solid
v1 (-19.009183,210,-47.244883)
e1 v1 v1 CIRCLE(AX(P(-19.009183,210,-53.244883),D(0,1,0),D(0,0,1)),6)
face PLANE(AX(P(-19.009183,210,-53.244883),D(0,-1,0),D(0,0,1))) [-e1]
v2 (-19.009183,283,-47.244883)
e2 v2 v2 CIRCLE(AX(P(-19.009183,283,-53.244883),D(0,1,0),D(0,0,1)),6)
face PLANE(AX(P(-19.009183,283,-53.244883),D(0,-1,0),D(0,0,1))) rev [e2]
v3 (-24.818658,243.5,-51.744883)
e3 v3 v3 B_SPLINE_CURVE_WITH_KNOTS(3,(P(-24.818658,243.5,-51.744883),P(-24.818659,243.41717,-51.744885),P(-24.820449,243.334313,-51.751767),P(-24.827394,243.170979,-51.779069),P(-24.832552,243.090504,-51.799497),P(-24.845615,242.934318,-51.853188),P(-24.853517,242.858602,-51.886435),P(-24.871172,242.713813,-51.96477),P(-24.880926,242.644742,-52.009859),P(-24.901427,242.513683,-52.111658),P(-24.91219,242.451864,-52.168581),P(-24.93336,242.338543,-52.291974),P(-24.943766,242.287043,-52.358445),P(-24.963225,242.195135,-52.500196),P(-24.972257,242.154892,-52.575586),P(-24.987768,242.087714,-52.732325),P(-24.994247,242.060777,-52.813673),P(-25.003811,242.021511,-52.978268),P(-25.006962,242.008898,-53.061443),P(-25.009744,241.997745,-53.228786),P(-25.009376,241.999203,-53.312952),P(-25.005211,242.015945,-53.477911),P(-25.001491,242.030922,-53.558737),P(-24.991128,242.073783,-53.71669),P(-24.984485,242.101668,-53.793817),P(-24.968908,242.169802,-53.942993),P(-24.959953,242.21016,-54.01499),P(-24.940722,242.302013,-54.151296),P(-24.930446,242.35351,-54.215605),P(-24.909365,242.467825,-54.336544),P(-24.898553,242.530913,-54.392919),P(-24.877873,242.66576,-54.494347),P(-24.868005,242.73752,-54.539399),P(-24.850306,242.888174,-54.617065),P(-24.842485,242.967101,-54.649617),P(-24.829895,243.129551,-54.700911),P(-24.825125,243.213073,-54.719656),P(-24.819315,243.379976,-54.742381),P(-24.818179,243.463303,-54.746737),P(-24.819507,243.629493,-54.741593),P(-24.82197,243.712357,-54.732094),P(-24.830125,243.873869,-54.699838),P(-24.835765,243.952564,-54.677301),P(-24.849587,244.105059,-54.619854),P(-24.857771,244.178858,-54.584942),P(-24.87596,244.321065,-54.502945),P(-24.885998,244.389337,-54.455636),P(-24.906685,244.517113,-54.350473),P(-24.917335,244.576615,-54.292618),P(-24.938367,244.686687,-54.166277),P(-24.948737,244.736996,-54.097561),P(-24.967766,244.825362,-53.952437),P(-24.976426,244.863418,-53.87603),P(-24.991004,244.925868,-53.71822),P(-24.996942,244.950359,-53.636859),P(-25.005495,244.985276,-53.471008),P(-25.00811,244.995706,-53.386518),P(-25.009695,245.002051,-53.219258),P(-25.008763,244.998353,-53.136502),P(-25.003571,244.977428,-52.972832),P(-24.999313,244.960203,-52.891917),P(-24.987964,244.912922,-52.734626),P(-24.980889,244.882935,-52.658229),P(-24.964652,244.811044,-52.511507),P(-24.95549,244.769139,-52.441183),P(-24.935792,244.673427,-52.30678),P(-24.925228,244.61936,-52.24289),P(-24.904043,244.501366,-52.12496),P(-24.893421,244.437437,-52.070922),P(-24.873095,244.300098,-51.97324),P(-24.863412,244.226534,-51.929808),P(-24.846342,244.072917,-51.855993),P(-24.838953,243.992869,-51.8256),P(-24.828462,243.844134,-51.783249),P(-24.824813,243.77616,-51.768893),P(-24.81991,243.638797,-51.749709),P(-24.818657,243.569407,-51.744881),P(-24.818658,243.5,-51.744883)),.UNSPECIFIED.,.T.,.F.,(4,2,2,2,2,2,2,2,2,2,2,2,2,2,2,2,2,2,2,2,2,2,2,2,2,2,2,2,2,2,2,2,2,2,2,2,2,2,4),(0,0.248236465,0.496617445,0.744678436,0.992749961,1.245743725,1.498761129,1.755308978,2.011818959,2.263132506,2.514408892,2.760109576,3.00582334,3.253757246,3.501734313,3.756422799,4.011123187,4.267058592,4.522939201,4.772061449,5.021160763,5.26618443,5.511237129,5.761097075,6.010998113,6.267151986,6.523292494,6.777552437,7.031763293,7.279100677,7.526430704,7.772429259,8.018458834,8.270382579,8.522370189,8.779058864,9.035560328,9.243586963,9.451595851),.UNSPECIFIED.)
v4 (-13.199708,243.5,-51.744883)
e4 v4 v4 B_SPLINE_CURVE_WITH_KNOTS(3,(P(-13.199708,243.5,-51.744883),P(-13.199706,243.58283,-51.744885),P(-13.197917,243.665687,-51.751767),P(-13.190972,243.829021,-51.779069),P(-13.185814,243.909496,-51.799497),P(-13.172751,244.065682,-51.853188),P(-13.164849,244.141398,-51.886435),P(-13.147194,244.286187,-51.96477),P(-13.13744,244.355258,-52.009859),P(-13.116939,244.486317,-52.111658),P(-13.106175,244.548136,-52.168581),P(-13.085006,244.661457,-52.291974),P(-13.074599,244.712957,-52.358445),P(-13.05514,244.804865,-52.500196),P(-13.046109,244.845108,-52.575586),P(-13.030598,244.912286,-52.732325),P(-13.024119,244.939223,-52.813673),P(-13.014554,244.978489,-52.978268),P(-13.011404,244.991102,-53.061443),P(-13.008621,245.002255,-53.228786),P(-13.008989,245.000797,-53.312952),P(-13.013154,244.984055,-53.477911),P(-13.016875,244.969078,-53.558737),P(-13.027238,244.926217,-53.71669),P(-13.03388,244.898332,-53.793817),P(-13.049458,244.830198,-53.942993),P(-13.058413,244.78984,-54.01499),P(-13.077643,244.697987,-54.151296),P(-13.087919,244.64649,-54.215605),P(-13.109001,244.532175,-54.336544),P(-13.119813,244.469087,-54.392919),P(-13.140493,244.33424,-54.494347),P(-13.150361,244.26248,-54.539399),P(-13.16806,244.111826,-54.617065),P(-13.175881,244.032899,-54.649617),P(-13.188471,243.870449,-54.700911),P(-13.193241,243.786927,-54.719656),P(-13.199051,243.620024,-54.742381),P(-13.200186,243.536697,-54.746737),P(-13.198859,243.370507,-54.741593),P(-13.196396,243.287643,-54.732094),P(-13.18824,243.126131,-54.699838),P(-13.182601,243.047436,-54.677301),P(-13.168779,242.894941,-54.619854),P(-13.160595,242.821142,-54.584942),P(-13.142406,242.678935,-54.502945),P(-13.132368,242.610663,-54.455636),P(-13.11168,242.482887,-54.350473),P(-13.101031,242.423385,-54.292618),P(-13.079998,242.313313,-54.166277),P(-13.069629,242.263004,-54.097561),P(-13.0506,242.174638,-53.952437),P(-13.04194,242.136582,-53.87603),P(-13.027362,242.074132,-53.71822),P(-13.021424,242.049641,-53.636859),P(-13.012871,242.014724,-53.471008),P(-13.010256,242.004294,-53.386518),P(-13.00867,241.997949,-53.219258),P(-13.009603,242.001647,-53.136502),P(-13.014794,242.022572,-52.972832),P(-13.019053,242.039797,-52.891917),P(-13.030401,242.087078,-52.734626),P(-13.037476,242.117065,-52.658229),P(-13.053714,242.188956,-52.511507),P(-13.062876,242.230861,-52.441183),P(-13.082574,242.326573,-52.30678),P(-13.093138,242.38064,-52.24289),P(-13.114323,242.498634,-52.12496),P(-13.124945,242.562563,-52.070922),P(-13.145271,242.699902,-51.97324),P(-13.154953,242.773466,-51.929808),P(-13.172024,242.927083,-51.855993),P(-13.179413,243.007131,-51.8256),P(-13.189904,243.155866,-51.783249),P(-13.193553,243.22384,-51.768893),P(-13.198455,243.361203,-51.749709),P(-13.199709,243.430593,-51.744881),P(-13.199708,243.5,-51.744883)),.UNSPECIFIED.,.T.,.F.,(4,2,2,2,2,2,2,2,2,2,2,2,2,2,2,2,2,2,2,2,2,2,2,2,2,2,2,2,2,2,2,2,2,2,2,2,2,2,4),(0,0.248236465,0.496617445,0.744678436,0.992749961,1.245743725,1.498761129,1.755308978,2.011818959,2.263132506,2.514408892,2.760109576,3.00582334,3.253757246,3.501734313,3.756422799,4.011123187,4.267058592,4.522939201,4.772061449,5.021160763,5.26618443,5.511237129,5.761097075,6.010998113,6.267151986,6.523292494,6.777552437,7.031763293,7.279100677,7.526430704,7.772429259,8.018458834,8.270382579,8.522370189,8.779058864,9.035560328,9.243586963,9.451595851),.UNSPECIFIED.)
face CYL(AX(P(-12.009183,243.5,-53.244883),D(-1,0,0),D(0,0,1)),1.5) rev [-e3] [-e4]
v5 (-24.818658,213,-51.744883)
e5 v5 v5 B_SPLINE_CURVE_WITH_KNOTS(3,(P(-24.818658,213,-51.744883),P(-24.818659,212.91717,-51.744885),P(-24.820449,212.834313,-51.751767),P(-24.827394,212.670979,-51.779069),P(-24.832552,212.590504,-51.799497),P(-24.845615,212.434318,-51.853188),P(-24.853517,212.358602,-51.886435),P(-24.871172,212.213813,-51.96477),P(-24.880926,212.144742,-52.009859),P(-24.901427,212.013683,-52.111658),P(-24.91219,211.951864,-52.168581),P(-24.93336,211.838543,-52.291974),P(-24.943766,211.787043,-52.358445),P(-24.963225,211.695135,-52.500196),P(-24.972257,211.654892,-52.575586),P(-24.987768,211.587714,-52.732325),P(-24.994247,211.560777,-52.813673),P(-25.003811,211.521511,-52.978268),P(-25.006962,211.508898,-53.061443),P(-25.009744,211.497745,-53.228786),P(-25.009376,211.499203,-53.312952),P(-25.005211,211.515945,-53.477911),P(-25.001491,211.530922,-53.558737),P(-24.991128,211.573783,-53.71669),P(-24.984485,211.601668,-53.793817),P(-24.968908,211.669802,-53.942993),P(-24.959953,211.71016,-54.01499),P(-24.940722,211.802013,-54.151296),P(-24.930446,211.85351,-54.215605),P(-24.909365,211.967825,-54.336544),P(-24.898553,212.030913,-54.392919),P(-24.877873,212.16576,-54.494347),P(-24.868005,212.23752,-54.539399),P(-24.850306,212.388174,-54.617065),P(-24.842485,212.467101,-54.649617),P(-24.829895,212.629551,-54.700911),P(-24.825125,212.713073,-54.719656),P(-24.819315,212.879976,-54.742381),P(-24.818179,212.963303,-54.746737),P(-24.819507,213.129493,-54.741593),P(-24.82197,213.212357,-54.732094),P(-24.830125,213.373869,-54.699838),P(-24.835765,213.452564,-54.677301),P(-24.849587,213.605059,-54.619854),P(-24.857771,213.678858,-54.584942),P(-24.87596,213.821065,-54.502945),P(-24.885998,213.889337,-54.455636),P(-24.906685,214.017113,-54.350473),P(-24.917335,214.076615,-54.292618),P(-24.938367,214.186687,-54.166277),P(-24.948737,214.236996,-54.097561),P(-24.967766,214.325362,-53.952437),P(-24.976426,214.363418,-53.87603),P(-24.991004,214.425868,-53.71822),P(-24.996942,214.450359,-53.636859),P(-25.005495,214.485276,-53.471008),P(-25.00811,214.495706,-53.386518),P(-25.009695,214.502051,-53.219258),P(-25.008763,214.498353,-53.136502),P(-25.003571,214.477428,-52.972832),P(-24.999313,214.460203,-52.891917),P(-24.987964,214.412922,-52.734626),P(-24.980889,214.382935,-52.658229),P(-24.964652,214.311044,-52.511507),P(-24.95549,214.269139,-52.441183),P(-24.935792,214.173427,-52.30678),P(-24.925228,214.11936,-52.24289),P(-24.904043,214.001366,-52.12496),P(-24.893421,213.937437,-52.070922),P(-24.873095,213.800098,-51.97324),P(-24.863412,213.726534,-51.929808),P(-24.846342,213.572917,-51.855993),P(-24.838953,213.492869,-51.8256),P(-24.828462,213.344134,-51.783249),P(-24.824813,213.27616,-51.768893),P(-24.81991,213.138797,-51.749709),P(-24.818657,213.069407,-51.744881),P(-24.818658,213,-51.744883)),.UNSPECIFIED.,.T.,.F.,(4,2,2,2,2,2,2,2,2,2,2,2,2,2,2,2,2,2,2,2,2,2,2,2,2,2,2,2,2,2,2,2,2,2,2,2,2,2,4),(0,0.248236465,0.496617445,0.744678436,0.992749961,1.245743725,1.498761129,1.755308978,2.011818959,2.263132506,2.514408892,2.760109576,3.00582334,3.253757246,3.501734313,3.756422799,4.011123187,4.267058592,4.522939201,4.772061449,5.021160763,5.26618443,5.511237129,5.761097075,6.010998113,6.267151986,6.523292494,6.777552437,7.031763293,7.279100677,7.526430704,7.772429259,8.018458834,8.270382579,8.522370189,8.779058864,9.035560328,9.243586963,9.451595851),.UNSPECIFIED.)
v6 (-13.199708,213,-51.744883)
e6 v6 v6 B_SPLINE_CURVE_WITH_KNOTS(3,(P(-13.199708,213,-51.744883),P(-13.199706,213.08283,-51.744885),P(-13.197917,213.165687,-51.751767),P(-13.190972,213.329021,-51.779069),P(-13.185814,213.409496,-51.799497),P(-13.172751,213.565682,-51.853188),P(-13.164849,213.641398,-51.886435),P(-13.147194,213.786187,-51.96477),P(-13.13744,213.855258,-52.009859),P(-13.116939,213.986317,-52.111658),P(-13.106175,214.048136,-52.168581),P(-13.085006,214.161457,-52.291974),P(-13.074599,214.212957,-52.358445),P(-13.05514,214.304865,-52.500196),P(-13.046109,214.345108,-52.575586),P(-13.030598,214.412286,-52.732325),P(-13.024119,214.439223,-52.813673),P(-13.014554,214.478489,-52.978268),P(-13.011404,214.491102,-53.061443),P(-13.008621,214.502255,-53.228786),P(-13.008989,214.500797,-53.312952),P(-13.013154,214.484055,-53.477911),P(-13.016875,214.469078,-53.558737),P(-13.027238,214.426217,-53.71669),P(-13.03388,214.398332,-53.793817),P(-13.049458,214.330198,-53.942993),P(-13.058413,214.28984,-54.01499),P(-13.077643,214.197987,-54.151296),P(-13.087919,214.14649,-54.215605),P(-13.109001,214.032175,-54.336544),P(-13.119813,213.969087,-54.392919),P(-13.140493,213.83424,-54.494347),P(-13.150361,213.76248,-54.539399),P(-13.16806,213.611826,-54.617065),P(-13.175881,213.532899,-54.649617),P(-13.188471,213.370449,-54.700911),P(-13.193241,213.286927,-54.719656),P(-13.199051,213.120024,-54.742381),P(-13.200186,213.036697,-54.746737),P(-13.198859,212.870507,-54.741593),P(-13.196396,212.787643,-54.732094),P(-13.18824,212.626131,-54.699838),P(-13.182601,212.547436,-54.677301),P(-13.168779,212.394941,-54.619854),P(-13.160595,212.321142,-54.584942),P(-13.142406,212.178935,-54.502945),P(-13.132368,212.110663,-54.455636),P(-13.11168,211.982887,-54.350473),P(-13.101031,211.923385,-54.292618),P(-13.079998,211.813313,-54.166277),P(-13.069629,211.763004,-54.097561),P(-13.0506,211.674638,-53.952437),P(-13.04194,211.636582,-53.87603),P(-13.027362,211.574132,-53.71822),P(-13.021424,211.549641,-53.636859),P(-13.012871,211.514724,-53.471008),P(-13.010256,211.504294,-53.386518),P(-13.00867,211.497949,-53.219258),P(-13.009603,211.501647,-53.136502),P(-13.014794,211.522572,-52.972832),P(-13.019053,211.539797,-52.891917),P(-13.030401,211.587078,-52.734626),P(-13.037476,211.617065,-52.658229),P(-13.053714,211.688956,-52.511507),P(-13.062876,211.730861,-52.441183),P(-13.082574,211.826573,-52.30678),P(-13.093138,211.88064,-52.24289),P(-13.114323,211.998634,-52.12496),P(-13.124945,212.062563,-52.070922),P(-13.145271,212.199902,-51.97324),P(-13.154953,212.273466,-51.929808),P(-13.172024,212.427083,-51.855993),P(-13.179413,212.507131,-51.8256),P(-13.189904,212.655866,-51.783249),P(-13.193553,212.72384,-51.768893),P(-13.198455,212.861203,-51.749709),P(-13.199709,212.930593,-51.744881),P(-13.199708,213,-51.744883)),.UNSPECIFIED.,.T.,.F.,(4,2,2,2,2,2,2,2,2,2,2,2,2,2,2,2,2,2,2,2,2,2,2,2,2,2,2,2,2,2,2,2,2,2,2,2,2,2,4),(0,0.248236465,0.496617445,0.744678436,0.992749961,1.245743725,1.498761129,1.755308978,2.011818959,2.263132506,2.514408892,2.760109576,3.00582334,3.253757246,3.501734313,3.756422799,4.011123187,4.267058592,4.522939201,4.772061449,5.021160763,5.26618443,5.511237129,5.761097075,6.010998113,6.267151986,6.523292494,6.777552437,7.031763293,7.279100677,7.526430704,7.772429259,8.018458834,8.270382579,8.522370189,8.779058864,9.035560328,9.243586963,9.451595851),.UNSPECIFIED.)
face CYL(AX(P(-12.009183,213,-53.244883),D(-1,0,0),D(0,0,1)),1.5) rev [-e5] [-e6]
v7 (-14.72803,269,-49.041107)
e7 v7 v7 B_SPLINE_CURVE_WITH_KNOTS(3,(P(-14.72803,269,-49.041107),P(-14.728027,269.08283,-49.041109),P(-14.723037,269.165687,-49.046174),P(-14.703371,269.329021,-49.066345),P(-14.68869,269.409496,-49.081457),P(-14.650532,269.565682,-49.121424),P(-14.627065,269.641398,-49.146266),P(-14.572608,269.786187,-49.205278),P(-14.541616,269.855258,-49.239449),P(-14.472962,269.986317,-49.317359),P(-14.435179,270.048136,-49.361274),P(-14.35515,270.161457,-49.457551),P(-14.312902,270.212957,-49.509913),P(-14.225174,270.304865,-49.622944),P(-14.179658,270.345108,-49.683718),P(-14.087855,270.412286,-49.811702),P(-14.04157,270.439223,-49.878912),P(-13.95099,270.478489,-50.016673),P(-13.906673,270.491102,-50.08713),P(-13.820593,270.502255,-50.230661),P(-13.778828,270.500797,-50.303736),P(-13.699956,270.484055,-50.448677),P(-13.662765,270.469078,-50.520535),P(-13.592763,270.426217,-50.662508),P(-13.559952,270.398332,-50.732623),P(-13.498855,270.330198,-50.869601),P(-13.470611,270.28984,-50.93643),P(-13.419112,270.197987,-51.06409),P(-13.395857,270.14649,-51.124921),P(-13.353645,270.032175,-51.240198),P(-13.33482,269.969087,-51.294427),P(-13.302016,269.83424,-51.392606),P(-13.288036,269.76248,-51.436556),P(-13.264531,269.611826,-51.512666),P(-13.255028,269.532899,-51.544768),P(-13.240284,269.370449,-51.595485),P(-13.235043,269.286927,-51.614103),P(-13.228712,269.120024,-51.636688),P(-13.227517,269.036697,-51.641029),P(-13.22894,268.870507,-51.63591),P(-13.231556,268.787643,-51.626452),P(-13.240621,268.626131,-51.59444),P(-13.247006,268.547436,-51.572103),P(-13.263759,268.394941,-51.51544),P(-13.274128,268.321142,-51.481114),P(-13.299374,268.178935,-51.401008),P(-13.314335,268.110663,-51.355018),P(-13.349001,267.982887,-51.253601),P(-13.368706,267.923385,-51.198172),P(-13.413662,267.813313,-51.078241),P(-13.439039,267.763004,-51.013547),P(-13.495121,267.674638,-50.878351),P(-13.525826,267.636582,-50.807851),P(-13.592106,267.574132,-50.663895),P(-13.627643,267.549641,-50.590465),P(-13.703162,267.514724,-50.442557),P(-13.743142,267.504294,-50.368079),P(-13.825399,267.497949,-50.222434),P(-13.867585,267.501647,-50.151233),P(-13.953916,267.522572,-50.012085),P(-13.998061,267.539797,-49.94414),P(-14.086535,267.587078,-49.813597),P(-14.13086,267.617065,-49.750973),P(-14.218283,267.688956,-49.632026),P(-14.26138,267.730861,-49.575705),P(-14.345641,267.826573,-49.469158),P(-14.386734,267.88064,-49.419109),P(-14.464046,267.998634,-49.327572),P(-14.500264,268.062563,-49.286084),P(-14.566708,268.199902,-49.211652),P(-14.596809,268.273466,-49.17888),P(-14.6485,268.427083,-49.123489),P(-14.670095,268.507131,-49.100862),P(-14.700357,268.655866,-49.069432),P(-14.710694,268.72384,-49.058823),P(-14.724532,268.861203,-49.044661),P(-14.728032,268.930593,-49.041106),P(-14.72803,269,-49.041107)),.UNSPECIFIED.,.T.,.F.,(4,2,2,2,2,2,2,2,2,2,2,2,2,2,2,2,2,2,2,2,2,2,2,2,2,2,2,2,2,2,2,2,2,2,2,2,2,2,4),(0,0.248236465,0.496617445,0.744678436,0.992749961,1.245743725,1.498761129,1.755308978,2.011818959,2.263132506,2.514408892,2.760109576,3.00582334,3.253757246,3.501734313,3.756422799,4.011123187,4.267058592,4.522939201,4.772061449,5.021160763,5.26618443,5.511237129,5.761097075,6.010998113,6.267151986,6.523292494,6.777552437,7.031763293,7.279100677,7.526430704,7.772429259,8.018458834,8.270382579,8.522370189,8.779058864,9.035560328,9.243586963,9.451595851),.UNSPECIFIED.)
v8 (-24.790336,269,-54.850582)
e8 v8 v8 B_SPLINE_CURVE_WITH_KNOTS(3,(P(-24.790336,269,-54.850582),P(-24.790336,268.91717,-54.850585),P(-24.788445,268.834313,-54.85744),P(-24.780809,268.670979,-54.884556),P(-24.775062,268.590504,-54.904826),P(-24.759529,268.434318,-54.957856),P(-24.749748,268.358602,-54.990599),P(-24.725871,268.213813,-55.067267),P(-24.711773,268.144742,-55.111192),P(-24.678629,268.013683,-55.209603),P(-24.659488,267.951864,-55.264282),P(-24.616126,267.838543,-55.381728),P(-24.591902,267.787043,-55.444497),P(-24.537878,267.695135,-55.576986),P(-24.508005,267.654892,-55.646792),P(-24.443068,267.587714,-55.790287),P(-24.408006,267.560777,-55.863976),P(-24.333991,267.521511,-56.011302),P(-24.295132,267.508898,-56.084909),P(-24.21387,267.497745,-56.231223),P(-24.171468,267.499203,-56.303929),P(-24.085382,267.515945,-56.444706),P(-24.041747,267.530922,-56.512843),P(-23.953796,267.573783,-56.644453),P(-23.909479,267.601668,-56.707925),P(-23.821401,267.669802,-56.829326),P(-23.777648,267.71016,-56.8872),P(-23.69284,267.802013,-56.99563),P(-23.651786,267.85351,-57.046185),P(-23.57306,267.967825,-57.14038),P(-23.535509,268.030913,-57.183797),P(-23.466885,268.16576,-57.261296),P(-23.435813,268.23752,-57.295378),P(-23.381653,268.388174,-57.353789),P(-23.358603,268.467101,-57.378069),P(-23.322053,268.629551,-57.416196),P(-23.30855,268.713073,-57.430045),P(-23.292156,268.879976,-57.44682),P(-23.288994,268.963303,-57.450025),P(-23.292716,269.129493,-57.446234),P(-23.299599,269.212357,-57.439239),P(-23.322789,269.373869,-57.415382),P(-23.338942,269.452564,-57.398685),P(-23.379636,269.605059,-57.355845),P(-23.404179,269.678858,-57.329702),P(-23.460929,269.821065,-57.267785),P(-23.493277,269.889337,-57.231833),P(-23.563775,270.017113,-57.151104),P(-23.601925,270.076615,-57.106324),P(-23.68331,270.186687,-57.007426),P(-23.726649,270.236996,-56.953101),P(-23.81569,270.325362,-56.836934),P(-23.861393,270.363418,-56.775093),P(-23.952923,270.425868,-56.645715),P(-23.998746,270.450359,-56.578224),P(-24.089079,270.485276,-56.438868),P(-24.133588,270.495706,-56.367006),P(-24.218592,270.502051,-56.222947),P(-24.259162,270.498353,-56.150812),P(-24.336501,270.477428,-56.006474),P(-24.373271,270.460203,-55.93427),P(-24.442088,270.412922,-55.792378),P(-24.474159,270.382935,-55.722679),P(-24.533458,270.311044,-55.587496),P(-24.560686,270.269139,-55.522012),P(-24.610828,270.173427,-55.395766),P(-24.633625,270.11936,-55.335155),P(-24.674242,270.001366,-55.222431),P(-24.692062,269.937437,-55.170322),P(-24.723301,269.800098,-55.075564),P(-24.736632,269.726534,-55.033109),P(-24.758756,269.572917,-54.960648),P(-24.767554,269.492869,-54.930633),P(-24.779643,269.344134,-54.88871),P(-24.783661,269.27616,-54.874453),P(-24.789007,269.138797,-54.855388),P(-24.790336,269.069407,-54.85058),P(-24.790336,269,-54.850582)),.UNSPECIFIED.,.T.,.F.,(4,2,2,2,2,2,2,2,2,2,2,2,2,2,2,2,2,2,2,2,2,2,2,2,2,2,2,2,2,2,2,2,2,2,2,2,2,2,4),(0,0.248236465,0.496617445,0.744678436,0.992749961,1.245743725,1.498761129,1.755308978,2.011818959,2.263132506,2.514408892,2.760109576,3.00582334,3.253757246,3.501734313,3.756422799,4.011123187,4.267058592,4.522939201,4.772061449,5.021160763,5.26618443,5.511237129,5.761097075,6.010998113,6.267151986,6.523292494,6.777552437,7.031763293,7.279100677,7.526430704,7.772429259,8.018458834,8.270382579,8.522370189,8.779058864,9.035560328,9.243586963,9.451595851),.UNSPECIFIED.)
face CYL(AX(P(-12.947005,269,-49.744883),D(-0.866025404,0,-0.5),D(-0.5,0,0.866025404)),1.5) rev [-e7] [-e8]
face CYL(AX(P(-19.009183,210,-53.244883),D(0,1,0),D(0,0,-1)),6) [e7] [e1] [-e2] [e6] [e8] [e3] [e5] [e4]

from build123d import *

# Parameters (mm, degrees)
TWELVE_MILLIMETRE_AXLE_STOCK_SKETCH_R = 6
TWELVE_MILLIMETRE_AXLE_STOCK_DEPTH    = 73
FRONT_COLLAR_PIN_SKETCH_R             = 1.5
FRONT_COLLAR_PIN_DEPTH                = 14
REAR_COLLAR_PIN_SKETCH_R              = 1.5
REAR_COLLAR_PIN_DEPTH                 = 14
HUB_DRIVE_PIN_SKETCH_R                = 1.5
HUB_DRIVE_PIN_DEPTH                   = 14


with BuildPart() as part:
    # Twelve millimetre axle stock sketch → Twelve millimetre axle stock (new body)
    with BuildSketch(Plane(origin=(0, -283, 0), x_dir=(1, 0, 0), z_dir=(0, 1, 0))):
        with Locations(Location((-19.009182883, 53.244882879, 0), (0, 0, 270))):
            Circle(TWELVE_MILLIMETRE_AXLE_STOCK_SKETCH_R)
    extrude(amount=TWELVE_MILLIMETRE_AXLE_STOCK_DEPTH)

    # Front collar pin sketch → Front collar pin (cut)
    with BuildSketch(Plane(origin=(-26.009182883, 0, 0), x_dir=(0, 0, -1), z_dir=(1, 0, 0))):
        with Locations(Location((53.244882879, -213, 0), (0, 0, 180))):
            Circle(FRONT_COLLAR_PIN_SKETCH_R)
    extrude(amount=FRONT_COLLAR_PIN_DEPTH, mode=Mode.SUBTRACT)

    # Rear collar pin sketch → Rear collar pin (cut)
    with BuildSketch(Plane(origin=(-26.009182883, 0, 0), x_dir=(0, 0, -1), z_dir=(1, 0, 0))):
        with Locations(Location((53.244882879, -243.5, 0), (0, 0, 180))):
            Circle(REAR_COLLAR_PIN_SKETCH_R)
    extrude(amount=REAR_COLLAR_PIN_DEPTH, mode=Mode.SUBTRACT)

    # Hub drive pin sketch → Hub drive pin (cut)
    with BuildSketch(Plane(origin=(-43.374775586, 0, -25.042438361), x_dir=(0.5000000000000001, 0, -0.8660254037844386), z_dir=(0.8660254037844386, 0, 0.5000000000000001))):
        with Locations(Location((36.606829753, -269, 0), (0, 0, 180))):
            Circle(HUB_DRIVE_PIN_SKETCH_R)
    extrude(amount=HUB_DRIVE_PIN_DEPTH, mode=Mode.SUBTRACT)


with BuildPart() as body_2:
    # Mirror1: mirrored copy
    add(part.part.mirror(Plane(origin=(0, 0, 0), x_dir=(0, 0, 1), z_dir=(0, -1, 0))))


solid = body_2.part
